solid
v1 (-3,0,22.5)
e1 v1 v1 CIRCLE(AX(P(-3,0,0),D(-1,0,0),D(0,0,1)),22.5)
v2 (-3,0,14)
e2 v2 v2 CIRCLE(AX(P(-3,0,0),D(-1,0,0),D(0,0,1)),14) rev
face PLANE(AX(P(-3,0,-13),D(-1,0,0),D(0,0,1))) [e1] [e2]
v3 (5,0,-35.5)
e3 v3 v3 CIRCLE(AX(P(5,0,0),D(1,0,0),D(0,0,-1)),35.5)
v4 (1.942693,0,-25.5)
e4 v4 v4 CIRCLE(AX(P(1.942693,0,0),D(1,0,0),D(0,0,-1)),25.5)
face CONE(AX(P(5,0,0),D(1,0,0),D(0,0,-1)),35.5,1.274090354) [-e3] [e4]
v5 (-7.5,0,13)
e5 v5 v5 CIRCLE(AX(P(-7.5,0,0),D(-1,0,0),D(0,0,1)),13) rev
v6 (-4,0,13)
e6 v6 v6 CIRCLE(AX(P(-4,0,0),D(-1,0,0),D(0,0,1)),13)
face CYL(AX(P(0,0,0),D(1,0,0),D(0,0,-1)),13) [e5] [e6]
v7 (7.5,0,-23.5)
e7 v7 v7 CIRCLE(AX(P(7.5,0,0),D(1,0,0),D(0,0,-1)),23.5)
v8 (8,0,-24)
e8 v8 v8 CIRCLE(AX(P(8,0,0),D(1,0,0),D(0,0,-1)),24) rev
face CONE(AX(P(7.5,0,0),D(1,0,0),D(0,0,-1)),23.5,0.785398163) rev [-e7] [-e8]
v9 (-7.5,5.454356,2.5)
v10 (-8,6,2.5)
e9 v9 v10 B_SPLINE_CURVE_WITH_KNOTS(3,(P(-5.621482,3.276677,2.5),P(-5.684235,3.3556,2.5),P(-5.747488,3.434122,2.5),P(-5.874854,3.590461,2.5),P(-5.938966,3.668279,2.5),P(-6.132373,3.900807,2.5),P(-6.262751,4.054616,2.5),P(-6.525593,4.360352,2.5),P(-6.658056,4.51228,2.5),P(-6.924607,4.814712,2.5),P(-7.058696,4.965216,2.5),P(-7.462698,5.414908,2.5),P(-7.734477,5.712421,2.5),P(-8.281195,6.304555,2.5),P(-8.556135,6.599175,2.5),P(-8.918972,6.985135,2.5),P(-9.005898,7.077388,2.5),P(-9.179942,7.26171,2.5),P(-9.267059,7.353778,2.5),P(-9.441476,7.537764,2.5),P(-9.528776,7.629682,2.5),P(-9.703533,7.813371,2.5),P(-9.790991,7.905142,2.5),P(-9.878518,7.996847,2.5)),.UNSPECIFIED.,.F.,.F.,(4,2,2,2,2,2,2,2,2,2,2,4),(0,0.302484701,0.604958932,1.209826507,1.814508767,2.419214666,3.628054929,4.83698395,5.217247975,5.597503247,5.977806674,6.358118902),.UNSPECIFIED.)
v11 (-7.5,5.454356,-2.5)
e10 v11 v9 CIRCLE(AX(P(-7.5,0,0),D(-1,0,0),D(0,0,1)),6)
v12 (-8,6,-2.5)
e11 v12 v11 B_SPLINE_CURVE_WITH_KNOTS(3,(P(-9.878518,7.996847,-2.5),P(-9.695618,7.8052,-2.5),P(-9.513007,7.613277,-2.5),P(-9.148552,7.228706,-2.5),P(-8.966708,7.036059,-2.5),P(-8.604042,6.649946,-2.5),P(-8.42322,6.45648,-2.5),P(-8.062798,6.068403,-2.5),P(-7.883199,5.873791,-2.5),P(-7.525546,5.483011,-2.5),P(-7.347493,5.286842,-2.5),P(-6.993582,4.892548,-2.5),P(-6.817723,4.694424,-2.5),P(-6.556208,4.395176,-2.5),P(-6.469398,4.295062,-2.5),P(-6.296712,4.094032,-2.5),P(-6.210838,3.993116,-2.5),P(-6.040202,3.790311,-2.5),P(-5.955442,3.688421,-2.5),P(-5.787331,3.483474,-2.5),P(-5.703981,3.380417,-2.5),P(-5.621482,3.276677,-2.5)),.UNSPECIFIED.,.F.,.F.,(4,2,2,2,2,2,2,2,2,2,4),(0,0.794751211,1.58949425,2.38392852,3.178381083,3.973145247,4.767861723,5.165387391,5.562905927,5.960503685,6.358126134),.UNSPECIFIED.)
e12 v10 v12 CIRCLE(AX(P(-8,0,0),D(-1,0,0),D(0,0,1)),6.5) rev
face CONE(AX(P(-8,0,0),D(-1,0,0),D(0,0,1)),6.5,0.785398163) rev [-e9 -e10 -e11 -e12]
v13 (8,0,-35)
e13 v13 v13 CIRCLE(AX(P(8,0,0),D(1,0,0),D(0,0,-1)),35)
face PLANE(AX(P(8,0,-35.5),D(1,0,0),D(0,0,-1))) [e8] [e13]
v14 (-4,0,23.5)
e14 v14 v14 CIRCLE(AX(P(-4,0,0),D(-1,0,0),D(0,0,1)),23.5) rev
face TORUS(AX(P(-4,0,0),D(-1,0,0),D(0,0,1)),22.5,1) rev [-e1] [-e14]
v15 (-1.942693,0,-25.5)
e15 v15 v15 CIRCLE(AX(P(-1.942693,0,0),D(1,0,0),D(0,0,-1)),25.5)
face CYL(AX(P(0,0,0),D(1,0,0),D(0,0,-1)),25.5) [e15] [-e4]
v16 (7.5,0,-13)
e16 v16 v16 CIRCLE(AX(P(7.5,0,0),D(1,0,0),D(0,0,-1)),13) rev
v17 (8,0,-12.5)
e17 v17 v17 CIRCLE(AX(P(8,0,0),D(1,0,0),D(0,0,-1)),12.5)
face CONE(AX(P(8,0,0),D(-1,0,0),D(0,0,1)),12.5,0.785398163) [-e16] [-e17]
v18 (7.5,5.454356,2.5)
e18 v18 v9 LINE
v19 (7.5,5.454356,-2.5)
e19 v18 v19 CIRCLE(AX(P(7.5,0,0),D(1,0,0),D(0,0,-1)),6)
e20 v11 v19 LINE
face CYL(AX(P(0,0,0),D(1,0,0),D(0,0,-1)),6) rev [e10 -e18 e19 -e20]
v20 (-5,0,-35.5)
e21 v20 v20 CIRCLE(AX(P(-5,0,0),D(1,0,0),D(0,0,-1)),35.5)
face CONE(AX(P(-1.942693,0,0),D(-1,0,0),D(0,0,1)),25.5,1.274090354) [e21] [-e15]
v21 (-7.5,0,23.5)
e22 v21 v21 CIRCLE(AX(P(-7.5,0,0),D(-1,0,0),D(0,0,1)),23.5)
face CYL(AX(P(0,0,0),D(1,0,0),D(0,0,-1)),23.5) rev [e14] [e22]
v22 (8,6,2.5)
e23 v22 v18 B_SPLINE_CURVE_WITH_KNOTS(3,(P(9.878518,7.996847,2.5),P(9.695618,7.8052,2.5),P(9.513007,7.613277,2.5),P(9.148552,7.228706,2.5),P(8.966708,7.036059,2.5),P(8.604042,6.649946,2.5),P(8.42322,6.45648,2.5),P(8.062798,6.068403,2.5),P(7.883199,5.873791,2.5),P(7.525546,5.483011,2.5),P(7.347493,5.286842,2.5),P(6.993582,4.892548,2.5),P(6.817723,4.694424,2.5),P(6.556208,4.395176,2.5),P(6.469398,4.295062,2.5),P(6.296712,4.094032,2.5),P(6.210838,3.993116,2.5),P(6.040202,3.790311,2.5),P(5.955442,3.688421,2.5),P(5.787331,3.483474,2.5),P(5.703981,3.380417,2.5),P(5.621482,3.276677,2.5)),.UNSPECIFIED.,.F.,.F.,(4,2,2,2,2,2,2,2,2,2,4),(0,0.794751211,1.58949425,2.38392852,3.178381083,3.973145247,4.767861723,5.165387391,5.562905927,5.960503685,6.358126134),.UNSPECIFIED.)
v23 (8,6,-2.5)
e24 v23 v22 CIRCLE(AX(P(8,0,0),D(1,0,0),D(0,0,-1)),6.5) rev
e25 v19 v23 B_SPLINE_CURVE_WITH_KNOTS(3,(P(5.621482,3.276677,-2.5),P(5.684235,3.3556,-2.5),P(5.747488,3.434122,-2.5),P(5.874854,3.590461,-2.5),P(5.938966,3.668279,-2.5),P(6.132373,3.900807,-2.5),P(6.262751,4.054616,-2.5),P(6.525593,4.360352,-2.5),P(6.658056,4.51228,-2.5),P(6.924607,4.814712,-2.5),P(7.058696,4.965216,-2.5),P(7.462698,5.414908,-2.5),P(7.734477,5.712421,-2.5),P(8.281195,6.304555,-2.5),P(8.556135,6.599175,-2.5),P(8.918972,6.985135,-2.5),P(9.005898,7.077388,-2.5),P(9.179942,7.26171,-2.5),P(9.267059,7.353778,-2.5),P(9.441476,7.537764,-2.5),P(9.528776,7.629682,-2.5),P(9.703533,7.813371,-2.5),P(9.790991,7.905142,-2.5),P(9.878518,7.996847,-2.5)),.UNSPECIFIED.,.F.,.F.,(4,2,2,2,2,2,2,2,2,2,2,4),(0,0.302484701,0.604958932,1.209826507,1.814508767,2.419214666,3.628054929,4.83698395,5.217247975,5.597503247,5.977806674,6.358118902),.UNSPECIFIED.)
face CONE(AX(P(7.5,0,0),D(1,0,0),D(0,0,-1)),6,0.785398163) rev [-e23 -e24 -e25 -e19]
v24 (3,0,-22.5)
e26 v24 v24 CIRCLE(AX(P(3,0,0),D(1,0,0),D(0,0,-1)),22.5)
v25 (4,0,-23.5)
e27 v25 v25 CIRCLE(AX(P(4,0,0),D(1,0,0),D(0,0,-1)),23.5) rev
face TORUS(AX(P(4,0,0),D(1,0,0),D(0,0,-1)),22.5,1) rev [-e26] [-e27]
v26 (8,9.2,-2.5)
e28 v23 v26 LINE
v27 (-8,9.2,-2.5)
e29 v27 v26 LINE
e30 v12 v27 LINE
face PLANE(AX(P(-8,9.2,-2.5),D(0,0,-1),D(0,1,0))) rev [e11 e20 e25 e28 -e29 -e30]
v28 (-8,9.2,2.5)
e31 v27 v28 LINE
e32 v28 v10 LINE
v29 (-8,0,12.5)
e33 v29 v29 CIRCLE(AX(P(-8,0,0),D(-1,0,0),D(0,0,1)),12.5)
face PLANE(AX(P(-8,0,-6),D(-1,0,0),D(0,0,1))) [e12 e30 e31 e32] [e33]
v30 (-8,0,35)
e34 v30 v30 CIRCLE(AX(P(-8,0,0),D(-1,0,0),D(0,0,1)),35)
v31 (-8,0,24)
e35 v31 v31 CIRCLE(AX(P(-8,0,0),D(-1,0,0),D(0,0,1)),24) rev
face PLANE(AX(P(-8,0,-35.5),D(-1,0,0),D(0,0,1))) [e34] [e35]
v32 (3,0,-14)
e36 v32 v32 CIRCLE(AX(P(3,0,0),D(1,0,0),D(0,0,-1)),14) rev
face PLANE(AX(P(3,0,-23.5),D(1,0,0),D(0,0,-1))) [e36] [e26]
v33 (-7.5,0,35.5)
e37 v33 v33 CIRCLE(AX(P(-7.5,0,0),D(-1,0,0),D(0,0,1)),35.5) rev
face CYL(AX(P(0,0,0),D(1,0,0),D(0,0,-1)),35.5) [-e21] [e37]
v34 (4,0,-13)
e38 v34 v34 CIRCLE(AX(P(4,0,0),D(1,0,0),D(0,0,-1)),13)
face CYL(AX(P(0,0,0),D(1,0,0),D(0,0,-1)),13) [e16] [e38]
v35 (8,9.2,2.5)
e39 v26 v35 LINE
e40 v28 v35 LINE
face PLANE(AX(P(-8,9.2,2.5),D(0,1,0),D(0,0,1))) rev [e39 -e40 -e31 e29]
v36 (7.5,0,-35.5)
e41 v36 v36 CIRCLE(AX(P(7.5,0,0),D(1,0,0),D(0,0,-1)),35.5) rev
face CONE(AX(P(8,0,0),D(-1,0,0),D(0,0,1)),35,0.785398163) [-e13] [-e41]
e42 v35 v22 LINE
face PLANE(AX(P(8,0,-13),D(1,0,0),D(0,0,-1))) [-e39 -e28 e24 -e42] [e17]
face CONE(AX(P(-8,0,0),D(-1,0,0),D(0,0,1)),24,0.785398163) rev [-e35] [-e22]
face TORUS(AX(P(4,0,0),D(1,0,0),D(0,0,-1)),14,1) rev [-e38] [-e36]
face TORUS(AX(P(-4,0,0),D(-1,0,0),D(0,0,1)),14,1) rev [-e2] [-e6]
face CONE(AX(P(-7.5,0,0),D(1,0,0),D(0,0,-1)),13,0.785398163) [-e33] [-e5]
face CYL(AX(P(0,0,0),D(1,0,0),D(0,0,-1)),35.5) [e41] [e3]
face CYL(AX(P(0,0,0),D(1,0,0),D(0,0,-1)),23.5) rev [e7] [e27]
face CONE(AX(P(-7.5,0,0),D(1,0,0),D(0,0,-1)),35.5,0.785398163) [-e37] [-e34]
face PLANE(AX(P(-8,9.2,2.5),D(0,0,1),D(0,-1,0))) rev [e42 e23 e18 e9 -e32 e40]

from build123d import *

# Parameters (mm, degrees)
CHAMFER1_SIZE      = 0.5
CHAMFER2_SIZE      = 0.5
FILLET2_R          = 1
CUT_EXTRUDE1_DEPTH = 53.692504211
FILLET3_R          = 1
CHAMFER3_SIZE      = 0.5


with BuildPart() as part:
    # Sketch1 → Revolve1 (revolve)
    with BuildSketch(Plane(origin=(0, 0, 0), x_dir=(1, 0, 0), z_dir=(0, 1, 0))):
        Polygon((-8, 35.5), (-8, 23.5), (-3, 23.5), (-3, 13), (-8, 13), (-8, 6), (8, 6), (8, 13), (3, 13), (3, 23.5), (8, 23.5), (8, 35.5), (5, 35.5), (1.942693185, 25.5), (-1.942693185, 25.5), (-5, 35.5), align=None)
    revolve(axis=Axis((0, 0, 0), (-1, 0, 0)))

    # Chamfer1
    chamfer1_edges = [part.edges().sort_by_distance(p)[0] for p in [
        (8, 0, 6),
        (8, 0, 13),
        (8, 0, 35.5),
    ]]
    chamfer(chamfer1_edges, length=CHAMFER1_SIZE)

    # Chamfer2
    chamfer2_edges = [part.edges().sort_by_distance(p)[0] for p in [
        (-8, 0, 35.5),
        (-8, 0, 23.5),
        (-8, 0, 13),
        (-8, 0, 6),
    ]]
    chamfer(chamfer2_edges, length=CHAMFER2_SIZE)

    # Fillet2
    fillet2_edges = [part.edges().sort_by_distance(p)[0] for p in [
        (-3, 0, 23.5),
        (-3, 0, 13),
    ]]
    fillet(fillet2_edges, radius=FILLET2_R)

    # Sketch2 → Cut-Extrude1 (cut, through all)
    with BuildSketch(Plane(origin=(8, 0, 0), x_dir=(0, 0, -1), z_dir=(1, 0, 0))):
        Polygon((-2.5, 9.2), (-2.5, 4.689453437), (2.5, 4.689453437), (2.5, 6), (2.5, 9.2), align=None)
    extrude(amount=-CUT_EXTRUDE1_DEPTH, mode=Mode.SUBTRACT)

    # Fillet3
    fillet3_edges = [part.edges().sort_by_distance(p)[0] for p in [
        (3, 0, 13),
        (3, 0, 23.5),
    ]]
    fillet(fillet3_edges, radius=FILLET3_R)

    # Chamfer3
    chamfer3_edges = [part.edges().sort_by_distance(p)[0] for p in [
        (8, 0, 23.5),
    ]]
    chamfer(chamfer3_edges, length=CHAMFER3_SIZE)


solid = part.part
